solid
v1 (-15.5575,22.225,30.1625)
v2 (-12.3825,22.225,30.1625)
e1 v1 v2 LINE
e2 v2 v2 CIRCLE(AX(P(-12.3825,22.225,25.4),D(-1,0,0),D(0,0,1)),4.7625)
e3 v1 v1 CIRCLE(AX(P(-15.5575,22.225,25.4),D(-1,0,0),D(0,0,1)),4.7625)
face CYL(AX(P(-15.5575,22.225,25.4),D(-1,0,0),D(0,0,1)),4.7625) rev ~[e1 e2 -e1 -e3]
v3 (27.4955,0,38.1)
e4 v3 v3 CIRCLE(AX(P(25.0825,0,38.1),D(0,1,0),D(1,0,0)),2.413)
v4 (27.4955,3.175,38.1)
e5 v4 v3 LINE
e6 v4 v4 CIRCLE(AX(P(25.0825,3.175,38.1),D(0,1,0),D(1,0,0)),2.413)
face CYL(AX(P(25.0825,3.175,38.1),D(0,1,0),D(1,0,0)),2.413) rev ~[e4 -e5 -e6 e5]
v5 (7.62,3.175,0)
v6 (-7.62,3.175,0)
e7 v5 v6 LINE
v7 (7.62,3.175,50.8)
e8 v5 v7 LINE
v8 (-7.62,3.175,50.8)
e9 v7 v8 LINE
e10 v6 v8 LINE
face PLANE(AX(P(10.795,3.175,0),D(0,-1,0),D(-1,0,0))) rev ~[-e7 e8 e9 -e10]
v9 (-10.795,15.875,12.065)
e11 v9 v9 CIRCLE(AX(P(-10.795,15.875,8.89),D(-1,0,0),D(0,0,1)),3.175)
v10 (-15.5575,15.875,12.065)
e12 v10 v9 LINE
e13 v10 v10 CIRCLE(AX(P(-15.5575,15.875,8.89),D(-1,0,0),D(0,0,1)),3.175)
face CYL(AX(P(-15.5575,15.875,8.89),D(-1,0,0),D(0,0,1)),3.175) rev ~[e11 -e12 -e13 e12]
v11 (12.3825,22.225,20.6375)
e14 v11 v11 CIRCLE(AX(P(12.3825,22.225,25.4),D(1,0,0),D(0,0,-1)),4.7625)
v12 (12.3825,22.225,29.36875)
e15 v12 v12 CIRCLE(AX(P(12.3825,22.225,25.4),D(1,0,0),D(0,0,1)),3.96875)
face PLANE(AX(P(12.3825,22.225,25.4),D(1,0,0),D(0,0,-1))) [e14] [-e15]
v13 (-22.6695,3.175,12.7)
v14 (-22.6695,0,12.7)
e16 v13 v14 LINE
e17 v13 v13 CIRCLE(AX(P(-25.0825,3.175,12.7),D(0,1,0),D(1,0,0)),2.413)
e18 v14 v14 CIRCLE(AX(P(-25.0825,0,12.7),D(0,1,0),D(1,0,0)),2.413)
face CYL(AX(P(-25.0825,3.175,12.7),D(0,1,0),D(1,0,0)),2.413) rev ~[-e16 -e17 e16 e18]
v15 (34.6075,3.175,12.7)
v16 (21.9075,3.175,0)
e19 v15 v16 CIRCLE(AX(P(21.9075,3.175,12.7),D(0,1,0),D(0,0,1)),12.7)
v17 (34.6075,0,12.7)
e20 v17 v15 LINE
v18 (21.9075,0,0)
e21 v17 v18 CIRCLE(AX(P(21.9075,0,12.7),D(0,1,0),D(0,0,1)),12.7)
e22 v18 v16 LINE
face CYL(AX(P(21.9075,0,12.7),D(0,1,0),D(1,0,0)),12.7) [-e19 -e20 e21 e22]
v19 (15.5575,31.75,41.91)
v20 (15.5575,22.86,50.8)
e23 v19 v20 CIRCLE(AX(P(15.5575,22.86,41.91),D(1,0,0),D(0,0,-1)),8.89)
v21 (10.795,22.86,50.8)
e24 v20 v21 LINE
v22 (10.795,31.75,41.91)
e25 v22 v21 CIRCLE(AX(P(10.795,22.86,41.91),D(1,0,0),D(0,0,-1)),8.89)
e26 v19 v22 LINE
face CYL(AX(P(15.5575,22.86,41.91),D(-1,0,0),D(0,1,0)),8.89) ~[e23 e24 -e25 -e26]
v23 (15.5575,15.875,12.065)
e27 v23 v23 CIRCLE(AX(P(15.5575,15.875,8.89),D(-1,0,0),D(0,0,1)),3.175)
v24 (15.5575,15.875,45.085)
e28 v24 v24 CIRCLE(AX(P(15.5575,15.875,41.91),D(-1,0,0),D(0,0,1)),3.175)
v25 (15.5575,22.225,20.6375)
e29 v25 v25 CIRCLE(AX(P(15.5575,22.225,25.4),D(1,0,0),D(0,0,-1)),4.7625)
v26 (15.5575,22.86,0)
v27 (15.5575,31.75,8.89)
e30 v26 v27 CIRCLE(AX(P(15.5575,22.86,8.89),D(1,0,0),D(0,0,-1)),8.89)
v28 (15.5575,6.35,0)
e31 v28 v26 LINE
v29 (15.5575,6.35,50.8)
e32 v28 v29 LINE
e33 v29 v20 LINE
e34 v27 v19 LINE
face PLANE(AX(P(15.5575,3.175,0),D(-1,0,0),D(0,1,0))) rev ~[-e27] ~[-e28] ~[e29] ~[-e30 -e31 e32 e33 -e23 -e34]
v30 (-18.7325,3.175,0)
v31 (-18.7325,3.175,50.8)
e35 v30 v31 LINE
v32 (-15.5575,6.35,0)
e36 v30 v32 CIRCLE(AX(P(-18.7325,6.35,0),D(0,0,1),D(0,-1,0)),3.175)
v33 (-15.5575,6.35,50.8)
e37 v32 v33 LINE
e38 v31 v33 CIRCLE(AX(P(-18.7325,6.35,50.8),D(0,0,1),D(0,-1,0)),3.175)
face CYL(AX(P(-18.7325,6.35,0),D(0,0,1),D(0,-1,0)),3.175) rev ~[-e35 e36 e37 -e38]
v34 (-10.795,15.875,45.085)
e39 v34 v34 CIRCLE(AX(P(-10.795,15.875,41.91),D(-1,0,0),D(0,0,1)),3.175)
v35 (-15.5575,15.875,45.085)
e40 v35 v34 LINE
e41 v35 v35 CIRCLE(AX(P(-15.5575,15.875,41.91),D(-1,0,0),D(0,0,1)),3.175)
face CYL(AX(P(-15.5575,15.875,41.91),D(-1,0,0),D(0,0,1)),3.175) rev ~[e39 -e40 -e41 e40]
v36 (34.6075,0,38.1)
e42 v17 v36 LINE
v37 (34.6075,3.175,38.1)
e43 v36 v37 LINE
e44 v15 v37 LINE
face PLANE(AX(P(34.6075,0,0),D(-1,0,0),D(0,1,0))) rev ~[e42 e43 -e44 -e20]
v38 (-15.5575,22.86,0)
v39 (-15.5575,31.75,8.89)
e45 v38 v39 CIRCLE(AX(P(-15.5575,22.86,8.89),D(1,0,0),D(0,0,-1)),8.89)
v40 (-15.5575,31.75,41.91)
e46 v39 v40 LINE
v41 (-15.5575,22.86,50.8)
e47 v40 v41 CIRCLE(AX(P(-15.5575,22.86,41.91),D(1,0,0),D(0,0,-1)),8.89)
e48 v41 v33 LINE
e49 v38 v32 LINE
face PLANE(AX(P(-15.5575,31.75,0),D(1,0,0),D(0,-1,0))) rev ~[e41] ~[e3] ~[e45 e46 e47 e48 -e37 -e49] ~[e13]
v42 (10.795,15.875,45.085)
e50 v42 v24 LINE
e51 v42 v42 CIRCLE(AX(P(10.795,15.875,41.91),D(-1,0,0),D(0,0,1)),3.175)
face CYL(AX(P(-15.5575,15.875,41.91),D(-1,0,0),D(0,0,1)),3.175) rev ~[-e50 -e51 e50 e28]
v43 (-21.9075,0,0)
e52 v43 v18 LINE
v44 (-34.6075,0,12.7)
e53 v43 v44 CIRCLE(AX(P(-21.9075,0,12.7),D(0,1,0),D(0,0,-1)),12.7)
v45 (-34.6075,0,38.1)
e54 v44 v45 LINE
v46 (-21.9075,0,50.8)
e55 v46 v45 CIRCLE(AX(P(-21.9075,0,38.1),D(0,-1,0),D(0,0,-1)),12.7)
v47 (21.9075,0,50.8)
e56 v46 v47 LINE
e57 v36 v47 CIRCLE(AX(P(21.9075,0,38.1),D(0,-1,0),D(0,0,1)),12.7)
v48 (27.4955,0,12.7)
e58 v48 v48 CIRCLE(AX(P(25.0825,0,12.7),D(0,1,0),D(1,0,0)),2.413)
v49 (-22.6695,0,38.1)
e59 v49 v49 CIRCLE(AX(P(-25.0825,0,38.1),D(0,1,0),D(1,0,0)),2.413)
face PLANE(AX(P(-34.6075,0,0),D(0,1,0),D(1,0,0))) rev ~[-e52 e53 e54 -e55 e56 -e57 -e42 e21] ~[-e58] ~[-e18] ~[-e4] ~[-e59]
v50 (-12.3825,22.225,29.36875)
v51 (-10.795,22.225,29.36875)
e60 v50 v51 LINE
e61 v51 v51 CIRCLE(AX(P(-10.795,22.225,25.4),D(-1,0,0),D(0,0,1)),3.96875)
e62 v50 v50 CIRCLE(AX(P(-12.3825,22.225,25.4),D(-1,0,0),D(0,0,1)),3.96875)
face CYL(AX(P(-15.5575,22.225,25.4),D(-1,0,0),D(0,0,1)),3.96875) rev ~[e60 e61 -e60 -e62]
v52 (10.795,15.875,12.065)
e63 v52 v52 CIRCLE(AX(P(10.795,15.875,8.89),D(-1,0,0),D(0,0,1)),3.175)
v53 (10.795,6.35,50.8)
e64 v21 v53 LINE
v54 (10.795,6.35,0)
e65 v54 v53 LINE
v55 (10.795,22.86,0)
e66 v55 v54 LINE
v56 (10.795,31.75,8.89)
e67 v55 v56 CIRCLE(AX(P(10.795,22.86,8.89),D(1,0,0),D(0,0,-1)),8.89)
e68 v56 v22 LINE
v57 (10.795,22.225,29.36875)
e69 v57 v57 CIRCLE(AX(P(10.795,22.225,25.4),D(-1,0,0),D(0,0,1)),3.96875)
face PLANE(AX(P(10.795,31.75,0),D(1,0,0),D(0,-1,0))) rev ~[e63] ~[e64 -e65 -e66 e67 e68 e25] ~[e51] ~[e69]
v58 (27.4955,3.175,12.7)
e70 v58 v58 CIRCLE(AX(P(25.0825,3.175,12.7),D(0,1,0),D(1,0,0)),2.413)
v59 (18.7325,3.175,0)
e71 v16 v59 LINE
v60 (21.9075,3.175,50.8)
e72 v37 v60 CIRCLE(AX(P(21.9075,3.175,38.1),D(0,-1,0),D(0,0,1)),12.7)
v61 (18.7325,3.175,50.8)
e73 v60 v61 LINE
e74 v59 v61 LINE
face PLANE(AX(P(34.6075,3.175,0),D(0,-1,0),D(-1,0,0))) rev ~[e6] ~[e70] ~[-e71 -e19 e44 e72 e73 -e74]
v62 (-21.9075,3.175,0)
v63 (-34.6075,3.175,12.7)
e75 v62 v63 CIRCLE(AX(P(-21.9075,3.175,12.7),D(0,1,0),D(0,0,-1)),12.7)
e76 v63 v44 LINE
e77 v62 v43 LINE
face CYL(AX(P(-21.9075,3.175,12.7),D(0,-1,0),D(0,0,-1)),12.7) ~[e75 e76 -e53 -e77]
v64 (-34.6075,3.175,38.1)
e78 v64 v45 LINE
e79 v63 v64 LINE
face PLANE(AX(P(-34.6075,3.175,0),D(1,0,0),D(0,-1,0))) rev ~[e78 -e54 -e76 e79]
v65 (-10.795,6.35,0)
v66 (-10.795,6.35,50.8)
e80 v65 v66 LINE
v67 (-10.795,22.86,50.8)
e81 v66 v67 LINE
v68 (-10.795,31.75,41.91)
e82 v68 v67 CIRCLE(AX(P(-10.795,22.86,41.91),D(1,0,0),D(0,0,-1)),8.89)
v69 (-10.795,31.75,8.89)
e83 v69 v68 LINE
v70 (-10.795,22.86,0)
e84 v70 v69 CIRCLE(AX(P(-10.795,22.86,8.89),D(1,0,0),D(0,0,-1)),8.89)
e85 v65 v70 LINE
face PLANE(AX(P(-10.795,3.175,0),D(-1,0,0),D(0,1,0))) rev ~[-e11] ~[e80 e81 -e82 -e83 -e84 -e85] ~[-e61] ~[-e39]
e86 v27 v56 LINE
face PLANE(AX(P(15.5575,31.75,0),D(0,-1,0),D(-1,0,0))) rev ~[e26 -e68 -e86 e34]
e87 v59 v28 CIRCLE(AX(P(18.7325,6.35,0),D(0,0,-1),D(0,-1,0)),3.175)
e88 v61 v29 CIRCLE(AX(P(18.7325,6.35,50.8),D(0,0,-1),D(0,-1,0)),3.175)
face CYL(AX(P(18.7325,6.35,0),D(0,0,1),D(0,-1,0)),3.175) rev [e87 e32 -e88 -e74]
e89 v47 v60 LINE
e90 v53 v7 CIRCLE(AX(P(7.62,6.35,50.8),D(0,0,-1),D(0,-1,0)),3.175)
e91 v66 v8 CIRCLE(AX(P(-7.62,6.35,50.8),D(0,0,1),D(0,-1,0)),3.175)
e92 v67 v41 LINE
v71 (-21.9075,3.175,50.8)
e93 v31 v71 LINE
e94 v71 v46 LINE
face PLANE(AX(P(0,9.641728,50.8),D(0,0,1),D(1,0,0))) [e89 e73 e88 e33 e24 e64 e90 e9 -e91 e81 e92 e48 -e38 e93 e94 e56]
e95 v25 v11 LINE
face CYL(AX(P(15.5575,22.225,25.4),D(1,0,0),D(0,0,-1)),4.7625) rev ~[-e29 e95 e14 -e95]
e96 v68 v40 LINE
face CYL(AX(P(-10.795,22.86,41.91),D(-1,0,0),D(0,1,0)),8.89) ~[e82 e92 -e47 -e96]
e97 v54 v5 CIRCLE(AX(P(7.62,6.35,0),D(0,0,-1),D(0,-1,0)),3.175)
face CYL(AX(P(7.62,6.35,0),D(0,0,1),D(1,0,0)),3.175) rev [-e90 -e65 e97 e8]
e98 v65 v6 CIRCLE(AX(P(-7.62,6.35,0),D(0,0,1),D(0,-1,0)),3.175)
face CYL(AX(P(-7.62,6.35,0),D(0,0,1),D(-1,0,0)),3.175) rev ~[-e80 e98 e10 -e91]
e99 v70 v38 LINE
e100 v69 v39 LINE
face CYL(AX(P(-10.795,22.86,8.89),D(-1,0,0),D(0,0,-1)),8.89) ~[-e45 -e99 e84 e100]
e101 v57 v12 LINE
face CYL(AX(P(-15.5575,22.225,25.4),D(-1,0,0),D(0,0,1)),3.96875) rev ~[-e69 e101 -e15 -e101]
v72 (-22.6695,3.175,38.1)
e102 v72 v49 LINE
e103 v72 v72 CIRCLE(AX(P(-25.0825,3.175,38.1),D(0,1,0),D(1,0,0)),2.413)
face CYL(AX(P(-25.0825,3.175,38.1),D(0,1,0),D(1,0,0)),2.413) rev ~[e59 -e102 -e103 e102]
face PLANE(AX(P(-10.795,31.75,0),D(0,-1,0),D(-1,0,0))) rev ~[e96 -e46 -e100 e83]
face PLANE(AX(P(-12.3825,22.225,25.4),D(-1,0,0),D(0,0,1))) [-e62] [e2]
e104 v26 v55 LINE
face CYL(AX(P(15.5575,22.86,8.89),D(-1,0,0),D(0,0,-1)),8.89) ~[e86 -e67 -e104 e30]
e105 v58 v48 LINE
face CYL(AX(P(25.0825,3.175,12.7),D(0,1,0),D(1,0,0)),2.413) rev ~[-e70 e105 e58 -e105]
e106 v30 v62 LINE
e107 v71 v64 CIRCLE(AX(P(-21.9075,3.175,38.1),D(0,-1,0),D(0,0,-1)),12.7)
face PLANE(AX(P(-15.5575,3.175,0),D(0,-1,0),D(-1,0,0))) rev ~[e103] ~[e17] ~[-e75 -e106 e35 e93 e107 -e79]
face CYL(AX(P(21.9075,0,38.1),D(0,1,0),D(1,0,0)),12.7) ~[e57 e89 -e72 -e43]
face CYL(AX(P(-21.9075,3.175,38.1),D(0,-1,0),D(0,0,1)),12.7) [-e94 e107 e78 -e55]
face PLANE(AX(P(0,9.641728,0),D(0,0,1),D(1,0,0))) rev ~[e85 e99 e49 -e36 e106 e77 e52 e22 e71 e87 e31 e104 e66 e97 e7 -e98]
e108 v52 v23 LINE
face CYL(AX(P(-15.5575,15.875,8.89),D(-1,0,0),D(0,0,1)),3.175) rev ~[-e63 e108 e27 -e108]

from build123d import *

# Parameters (mm, degrees)
BOSS_EXTRUDE2_DEPTH = 50.8
SKETCH4_R           = 3.175
SKETCH4_R_2         = 3.96875
CUT_EXTRUDE1_DEPTH  = 79.13596947
SKETCH5_R           = 2.413
CUT_EXTRUDE2_DEPTH  = 68.785320544
SKETCH4_3_R         = 4.7625
SKETCH4_3_R_2       = 3.96875
CUT_EXTRUDE3_DEPTH  = 3.175
CUT_EXTRUDE4_START  = -3.175
SKETCH6_R           = 4.7625
SKETCH6_R_2         = 3.96875
CUT_EXTRUDE4_DEPTH  = 3.175
FILLET1_R           = 12.7
FILLET2_R           = 3.175
FILLET3_R           = 8.89


with BuildPart() as part:
    # Sketch3 → Boss-Extrude2 (new body)
    with BuildSketch(Plane.XY):
        Polygon((-34.6075, 0), (34.6075, 0), (34.6075, 3.175), (15.5575, 3.175), (15.5575, 31.75), (10.795, 31.75), (10.795, 3.175), (-10.795, 3.175), (-10.795, 31.75), (-15.5575, 31.75), (-15.5575, 3.175), (-34.6075, 3.175), align=None)
    extrude(amount=BOSS_EXTRUDE2_DEPTH)

    # Sketch4 → Cut-Extrude1 (cut, through all)
    with BuildSketch(Plane.ZY.offset(15.5575)):
        with Locations((8.89, 15.875)):
            Circle(SKETCH4_R)
        with Locations((41.91, 15.875)):
            Circle(SKETCH4_R)
        with Locations((25.4, 22.225)):
            Circle(SKETCH4_R_2)
    extrude(amount=-CUT_EXTRUDE1_DEPTH, mode=Mode.SUBTRACT)

    # Sketch5 → Cut-Extrude2 (cut, through all)
    with BuildSketch(Plane(origin=(0, 3.175, 0), x_dir=(1, 0, 0), z_dir=(0, 1, 0))):
        with Locations((-25.0825, -12.7)):
            Circle(SKETCH5_R)
        with Locations((-25.0825, -38.1)):
            Circle(SKETCH5_R)
        with Locations((25.0825, -12.7)):
            Circle(SKETCH5_R)
        with Locations((25.0825, -38.1)):
            Circle(SKETCH5_R)
    extrude(amount=-CUT_EXTRUDE2_DEPTH, mode=Mode.SUBTRACT)

    # Sketch4<3> → Cut-Extrude3 (cut)
    with BuildSketch(Plane.ZY.offset(15.5575)):
        with Locations((25.4, 22.225)):
            Circle(SKETCH4_3_R)
        with Locations((25.4, 22.225)):
            Circle(SKETCH4_3_R_2, mode=Mode.SUBTRACT)
    extrude(amount=-CUT_EXTRUDE3_DEPTH, mode=Mode.SUBTRACT)

    # Sketch6 → Cut-Extrude4 (cut)
    with BuildSketch(Plane(origin=(15.5575, 0, 0), x_dir=(0, 0, -1), z_dir=(1, 0, 0)).offset(CUT_EXTRUDE4_START)):
        with Locations((-25.4, 22.225)):
            Circle(SKETCH6_R)
        with Locations((-25.4, 22.225)):
            Circle(SKETCH6_R_2, mode=Mode.SUBTRACT)
    extrude(amount=CUT_EXTRUDE4_DEPTH, mode=Mode.SUBTRACT)

    # Fillet1
    fillet1_edges = [part.edges().sort_by_distance(p)[0] for p in [
        (34.6075, 1.5875, 0),
        (34.6075, 1.5875, 50.8),
        (-34.6075, 1.5875, 50.8),
        (-34.6075, 1.5875, 0),
    ]]
    fillet(fillet1_edges, radius=FILLET1_R)

    # Fillet2
    fillet2_edges = [part.edges().sort_by_distance(p)[0] for p in [
        (15.5575, 3.175, 25.4),
        (10.795, 3.175, 25.4),
        (-10.795, 3.175, 25.4),
        (-15.5575, 3.175, 25.4),
    ]]
    fillet(fillet2_edges, radius=FILLET2_R)

    # Fillet3
    fillet3_edges = [part.edges().sort_by_distance(p)[0] for p in [
        (-13.17625, 31.75, 50.8),
        (13.17625, 31.75, 50.8),
        (13.17625, 31.75, 0),
        (-13.17625, 31.75, 0),
    ]]
    fillet(fillet3_edges, radius=FILLET3_R)


solid = part.part
